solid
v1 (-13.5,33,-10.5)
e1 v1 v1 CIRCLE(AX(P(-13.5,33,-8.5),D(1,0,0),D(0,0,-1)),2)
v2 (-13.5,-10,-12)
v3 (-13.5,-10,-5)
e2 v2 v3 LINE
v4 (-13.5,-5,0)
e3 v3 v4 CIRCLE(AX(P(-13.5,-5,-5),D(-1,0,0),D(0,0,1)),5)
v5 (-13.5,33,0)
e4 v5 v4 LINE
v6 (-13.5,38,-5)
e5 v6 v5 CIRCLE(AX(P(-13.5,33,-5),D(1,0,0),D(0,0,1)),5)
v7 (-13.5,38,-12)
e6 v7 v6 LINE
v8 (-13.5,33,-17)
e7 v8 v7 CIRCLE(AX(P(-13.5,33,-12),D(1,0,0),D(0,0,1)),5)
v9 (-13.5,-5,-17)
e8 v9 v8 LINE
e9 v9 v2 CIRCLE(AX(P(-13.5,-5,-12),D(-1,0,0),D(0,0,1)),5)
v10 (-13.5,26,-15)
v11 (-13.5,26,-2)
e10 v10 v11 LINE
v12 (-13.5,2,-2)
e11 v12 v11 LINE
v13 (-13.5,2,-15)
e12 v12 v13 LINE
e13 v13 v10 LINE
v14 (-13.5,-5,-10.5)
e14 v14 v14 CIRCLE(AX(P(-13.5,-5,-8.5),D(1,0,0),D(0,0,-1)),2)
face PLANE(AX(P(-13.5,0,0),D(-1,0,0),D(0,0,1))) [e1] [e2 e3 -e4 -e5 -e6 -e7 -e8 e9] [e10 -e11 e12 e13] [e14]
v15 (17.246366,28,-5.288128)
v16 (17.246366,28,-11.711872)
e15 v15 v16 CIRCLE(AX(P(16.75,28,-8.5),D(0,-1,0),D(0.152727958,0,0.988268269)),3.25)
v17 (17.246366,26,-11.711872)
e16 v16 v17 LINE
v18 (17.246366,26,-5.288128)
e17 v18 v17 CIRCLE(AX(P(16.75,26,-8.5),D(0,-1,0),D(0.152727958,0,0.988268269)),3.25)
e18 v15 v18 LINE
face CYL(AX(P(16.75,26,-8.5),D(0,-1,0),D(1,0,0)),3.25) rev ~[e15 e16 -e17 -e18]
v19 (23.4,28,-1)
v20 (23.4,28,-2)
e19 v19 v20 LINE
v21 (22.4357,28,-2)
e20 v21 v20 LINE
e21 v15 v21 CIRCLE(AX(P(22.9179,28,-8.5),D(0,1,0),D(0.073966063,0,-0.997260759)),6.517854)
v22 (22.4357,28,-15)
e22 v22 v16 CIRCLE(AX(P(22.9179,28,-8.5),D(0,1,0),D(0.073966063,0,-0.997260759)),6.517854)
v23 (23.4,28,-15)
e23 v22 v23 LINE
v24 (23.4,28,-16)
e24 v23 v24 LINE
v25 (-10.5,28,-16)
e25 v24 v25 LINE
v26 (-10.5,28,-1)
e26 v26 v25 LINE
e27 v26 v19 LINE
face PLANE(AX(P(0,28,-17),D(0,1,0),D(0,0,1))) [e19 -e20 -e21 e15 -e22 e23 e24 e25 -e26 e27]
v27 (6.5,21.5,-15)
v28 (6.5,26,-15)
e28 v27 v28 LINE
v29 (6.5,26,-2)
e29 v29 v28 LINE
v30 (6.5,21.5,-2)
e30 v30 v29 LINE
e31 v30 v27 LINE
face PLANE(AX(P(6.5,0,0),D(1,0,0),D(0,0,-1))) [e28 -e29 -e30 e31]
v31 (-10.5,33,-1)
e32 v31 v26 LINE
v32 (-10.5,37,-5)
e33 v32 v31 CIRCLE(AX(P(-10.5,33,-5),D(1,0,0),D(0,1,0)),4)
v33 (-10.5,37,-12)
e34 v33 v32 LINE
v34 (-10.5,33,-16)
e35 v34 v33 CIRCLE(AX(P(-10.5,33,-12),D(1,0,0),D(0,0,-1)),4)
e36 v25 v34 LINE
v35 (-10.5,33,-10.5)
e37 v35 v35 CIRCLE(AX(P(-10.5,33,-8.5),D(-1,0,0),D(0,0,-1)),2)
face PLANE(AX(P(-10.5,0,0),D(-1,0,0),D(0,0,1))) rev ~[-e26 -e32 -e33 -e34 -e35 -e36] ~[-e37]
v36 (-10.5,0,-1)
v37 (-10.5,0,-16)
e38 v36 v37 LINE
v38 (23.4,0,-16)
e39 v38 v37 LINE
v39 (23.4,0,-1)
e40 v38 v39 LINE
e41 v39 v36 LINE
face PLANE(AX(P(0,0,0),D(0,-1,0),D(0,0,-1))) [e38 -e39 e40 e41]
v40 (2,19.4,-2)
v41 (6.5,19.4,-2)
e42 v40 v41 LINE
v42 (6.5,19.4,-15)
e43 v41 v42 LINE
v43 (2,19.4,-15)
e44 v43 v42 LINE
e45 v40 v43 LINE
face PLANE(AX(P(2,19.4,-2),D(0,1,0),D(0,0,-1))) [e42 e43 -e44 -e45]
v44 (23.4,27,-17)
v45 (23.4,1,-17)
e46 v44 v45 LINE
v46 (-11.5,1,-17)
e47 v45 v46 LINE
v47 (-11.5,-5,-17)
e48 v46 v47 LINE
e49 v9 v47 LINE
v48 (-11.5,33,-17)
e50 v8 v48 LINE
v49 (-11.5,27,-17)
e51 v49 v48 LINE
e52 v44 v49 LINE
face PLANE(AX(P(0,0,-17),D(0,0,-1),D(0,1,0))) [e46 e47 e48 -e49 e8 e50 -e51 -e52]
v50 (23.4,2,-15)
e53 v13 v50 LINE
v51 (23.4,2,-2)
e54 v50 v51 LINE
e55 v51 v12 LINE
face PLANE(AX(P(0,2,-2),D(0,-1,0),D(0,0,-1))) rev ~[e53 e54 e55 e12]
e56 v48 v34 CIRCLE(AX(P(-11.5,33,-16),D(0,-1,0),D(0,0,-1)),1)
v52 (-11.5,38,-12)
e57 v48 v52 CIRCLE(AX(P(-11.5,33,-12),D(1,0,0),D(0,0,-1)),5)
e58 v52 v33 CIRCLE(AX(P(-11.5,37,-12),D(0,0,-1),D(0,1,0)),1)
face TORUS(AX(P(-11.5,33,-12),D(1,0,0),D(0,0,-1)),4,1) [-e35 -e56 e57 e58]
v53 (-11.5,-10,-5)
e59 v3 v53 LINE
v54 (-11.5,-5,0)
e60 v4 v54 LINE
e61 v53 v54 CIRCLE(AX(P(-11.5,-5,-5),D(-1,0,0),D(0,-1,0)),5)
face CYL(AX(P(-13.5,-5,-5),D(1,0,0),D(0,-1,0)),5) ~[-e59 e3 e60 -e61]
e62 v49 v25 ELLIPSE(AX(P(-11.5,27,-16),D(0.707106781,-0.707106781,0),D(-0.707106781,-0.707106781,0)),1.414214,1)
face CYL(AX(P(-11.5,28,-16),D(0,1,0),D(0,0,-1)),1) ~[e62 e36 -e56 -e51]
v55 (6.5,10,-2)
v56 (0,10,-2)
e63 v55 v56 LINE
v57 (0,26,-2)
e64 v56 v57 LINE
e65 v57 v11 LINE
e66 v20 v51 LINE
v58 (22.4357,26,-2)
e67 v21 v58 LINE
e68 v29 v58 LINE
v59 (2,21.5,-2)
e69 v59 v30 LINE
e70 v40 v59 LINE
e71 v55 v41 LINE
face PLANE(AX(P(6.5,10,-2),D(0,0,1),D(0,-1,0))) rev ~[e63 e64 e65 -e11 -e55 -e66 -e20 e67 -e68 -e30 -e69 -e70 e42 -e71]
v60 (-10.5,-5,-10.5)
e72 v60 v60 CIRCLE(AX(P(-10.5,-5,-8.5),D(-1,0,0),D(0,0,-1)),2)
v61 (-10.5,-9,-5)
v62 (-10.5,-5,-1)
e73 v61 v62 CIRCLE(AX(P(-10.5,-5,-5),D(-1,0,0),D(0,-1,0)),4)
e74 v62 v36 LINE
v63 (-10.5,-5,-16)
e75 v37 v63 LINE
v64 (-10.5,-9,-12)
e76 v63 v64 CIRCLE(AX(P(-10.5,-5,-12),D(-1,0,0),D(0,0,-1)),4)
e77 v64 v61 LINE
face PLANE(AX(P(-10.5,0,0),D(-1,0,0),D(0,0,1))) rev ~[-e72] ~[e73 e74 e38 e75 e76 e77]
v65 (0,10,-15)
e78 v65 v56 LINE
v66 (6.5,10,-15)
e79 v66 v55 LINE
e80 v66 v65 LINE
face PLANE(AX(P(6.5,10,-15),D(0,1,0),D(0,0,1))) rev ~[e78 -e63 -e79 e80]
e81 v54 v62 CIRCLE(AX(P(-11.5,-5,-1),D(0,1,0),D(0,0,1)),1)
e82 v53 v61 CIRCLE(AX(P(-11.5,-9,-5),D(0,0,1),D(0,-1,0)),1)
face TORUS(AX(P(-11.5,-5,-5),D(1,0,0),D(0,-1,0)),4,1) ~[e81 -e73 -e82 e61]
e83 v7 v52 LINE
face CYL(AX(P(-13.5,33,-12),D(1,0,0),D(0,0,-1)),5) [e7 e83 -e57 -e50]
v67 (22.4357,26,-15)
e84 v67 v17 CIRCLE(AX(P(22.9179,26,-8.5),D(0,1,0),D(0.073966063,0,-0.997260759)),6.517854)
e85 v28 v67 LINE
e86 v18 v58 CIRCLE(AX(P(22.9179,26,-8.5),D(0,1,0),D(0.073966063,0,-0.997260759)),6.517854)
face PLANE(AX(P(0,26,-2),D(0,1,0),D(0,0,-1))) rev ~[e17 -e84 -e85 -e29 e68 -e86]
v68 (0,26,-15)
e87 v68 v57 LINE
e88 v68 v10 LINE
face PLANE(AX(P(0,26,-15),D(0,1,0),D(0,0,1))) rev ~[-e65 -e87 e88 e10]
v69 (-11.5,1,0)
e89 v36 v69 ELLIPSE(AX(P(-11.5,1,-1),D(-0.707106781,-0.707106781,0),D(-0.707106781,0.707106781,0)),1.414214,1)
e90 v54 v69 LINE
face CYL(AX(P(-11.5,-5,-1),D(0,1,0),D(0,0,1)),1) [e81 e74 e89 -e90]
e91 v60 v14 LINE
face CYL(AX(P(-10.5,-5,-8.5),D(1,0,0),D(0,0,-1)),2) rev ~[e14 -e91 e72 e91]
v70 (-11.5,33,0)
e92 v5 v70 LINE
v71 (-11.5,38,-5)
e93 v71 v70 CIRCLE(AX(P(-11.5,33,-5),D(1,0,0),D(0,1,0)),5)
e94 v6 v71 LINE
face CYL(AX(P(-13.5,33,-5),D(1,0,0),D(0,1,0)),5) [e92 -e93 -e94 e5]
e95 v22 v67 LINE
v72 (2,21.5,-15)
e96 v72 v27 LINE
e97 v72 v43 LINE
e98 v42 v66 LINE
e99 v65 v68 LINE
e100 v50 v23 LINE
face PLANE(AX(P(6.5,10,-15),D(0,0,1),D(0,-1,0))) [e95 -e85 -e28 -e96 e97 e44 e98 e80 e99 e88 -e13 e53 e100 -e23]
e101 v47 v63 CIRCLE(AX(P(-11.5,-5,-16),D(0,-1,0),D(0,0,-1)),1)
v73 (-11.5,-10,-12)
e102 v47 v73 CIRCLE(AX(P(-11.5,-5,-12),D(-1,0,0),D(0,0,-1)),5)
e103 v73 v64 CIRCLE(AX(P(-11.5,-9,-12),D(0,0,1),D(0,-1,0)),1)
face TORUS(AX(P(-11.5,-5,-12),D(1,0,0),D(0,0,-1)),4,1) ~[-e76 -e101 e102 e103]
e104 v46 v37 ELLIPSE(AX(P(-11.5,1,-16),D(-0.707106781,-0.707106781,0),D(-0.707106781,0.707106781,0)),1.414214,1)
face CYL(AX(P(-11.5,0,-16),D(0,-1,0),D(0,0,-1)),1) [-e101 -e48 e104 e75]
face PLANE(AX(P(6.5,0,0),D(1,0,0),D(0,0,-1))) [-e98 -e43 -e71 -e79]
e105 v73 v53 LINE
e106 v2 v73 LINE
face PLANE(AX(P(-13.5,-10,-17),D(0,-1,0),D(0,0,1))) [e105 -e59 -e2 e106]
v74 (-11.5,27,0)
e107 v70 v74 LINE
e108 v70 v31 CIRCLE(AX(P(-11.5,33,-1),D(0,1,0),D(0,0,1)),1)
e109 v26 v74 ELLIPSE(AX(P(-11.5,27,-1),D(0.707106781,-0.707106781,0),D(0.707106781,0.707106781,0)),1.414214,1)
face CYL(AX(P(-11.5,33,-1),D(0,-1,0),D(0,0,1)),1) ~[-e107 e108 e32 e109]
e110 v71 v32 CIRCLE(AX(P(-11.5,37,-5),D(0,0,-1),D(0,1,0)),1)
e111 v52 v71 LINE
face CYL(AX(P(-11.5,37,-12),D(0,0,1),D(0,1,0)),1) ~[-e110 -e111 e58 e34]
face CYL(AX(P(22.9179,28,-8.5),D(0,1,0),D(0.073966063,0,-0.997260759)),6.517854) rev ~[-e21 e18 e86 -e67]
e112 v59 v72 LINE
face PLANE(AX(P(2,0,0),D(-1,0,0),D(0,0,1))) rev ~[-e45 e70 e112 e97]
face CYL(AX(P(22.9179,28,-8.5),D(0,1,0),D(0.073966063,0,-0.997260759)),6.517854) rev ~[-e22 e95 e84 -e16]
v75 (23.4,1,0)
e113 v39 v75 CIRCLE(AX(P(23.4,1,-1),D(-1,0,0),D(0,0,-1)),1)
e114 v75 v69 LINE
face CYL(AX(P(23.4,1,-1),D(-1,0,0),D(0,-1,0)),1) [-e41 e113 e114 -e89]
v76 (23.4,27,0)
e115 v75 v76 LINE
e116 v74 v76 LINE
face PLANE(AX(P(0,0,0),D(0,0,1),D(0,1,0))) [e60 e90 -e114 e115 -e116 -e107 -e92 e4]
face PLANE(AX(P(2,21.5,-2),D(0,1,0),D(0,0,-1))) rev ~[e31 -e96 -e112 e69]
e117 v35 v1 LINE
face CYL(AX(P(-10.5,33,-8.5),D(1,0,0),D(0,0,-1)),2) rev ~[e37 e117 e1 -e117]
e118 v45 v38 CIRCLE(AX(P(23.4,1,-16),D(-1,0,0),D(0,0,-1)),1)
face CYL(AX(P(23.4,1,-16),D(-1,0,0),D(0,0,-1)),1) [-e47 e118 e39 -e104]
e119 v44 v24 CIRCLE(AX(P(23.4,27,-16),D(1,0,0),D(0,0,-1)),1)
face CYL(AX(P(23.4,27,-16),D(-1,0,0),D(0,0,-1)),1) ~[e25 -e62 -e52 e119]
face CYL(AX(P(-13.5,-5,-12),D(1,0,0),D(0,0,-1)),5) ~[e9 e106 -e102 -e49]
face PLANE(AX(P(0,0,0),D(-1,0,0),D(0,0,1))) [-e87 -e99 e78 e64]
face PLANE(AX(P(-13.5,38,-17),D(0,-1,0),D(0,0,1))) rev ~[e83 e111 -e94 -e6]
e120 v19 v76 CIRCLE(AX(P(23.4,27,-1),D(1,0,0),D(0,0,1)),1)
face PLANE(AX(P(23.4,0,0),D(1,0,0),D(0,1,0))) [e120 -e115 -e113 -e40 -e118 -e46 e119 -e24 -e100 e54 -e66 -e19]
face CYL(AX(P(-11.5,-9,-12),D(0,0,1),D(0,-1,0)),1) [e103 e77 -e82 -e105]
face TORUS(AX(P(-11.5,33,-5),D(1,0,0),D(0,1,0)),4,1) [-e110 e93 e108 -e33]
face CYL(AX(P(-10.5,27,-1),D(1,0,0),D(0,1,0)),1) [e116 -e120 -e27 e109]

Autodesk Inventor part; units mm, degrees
ref_plane "YZ Plane" through (0, 0, 0) normal (1, 0, 0) x (0, 1, 0)
ref_plane "XZ Plane" through (0, 0, 0) normal (0, 1, 0) x (-1, 0, 0)
ref_plane "XY Plane" through (0, 0, 0) normal (0, 0, 1) x (1, 0, 0)
sketch "Esquisse5" plane through (0, 0, 0) normal (1, 0, 0) x (0, 1, 0)
  line L0 (0, 0) -> (28, 0)
  line L1 (28, 0) -> (28, -17)
  line L2 (28, -17) -> (0, -17)
  line L3 (0, -17) -> (0, 0)
  line L4 (0, 0) -> (0, -2)
  line L5 (0, -2) -> (2, -2)
  line L6 (28, -17) -> (28, -15)
  line L7 (28, -15) -> (26, -15)
  line L8 (26, -15) -> (2, -15)
  line L9 (2, -15) -> (2, -2)
  line L10 (2, -2) -> (26, -2)
  line L11 (26, -2) -> (26, -15)
  dimension "d20" = 28
  dimension "d21" = 17
  dimension "d22" = 2
  dimension "d23" = 2
  dimension "d24" = 2
  dimension "d25" = 2
extrude "Extrusion4" add sketch "Esquisse5" along normal blind 23.4 contours L0 L1 L7 L11 L10 L5 L3 | L5 L9 L8 L7 L1 L2 L3
sketch "Esquisse6" plane through (0, 0, 0) normal (-1, 0, 0) x (0, 0, 1)
  line L0 (-15, 2) -> (-2, 2) projected
  line L1 (-2, 2) -> (-2, 26) projected
  line L2 (-15, 2) -> (-2, 2)
  line L3 (-2, 2) -> (-2, 26)
  line L4 (-2, 26) -> (-15, 26)
  line L5 (-15, 26) -> (-15, 2)
  point P0 (0, 0)
extrude "Extrusion5" add sketch "Esquisse6" against normal blind 2
sketch "Esquisse7" plane through (2, 0, 0) normal (1, 0, 0) x (0, 0, -1)
  line L0 (15, 2) -> (2, 2)
  line L1 (2, 2) -> (2, 19.4)
  line L2 (2, 2) -> (2, 26)
  line L3 (2, 19.4) -> (2, 21.5)
  line L4 (2, 21.5) -> (2, 26)
  line L5 (2, 21.5) -> (2, 26)
  line L6 (15, 2) -> (2, 2)
  line L7 (2, 2) -> (2, 19.4)
  line L8 (2, 19.4) -> (15, 19.4)
  line L9 (15, 19.4) -> (15, 2)
  line L10 (2, 26) -> (15, 26)
  line L11 (15, 26) -> (2, 26)
  line L12 (2, 26) -> (2, 21.5)
  line L13 (2, 21.5) -> (15, 21.5)
  line L14 (15, 21.5) -> (15, 26)
  point P0 (0, 0)
  dimension "d30" = 17.4
  dimension "d31" = 2.1
extrude "Extrusion6" add sketch "Esquisse7" along normal blind 4.5
sketch "Esquisse8" plane through (6.5, 0, 0) normal (1, 0, 0) x (0, 0, -1)
  line L0 (15, 26) -> (15, 2) projected
  line L1 (2, 2) -> (15, 2)
  line L2 (15, 2) -> (15, 10)
  line L3 (15, 10) -> (2, 10)
  line L4 (2, 10) -> (2, 2)
  point P0 (0, 0)
  dimension "d34" = 8
extrude "Extrusion7" cut sketch "Esquisse8" against normal up to next
sketch "Esquisse9" plane through (0, 28, 0) normal (0, 1, 0) x (1, 0, 0)
  line L0 (22.4357, 15) -> (23.4, 15)
  line L1 (22.4357, 2) -> (23.4, 2)
  arc A0 (23.4, 15) -> (23.4, 2) centre (22.9179, 8.5) ccw
  line L2 (23.4, 2) -> (23.4, 15)
  line L3 (23.4, 15) -> (23.4, 2)
  line L4 (23.4, 2) -> (23.4, 15) projected
  line L5 (23.4, 0) -> (23.4, 2)
  point P0 (0, 0)
extrude "Extrusion8" cut sketch "Esquisse9" against normal blind 4.5 contours L0 L2 L1 A0
sketch "Esquisse10" plane through (6.5, 26, -15) normal (0, -1, 0) x (1, 0, 0)
  line L0 (0, 13) -> (0, 0) projected
  line L1 (0, 6.5) -> (7, 6.5)
  line L2 (7, 6.5) -> (10.25, 6.5)
  circle A0 centre (10.25, 6.5) radius 3.25
  point P0 (-6.5, 15)
  dimension "d39" = 7
  dimension "d41" = 6.5
extrude "Extrusion9" cut sketch "Esquisse10" against normal up to next
sketch "Esquisse11" plane through (0, 0, 0) normal (-1, 0, 0) x (0, 0, 1)
  line L0 (-17, 28) -> (-15, 28) projected
  line L1 (0, 0) -> (-17, 0)
  line L2 (-17, 0) -> (-17, 28)
  line L3 (-17, 28) -> (0, 28)
  line L4 (0, 28) -> (0, 0)
  line L5 (-2, 2) -> (-2, 28) projected
  line L6 (-15, 26) -> (-15, 21.5) projected
  line L7 (-2, 2) -> (-15, 2)
  line L8 (-15, 2) -> (-15, 26)
  line L9 (-15, 26) -> (-2, 26)
  line L10 (-2, 26) -> (-2, 2)
extrude "Extrusion10" add sketch "Esquisse11" along normal blind 13.5
sketch "Esquisse12" plane through (-13.5, 0, 0) normal (-1, 0, 0) x (0, 0, 1)
  line L0 (0, 0) -> (-17, 0)
  line L1 (-17, 0) -> (-17, -10)
  line L2 (-17, -10) -> (0, -10)
  line L3 (0, -10) -> (0, 0)
  line L4 (0, 28) -> (0, 0) projected
  line L5 (0, 28) -> (-17, 28)
  line L6 (-17, 28) -> (-17, 38)
  line L7 (-17, 38) -> (0, 38)
  line L8 (0, 38) -> (0, 28)
  dimension "d46" = 17
  dimension "d47" = 10
  dimension "d50" = 17
  dimension "d51" = 10
extrude "Extrusion11" add sketch "Esquisse12" against normal blind 3
fillet "Congé1" radius 5 1 edges at (-12, 38, -17)
fillet "Congé2" radius 5 3 edges at (-12, 38, 0) (-12, -10, -17) (-12, -10, 0)
sketch "Esquisse13" plane through (-10.5, 0, 0) normal (1, 0, 0) x (0, 0, -1)
  line L0 (5, -10) -> (12, -10) projected
  line L1 (8.5, -10) -> (8.5, -5)
  line L2 (8.5, -5) -> (8.5, 33)
  circle A0 centre (8.5, -5) radius 2
  circle A1 centre (8.5, 33) radius 2
  point P0 (0, 0)
  dimension "d54" = 5
  dimension "d55" = 38
  dimension "d56" = 4
  dimension "d57" = 4
extrude "Extrusion12" cut sketch "Esquisse13" against normal up to next
fillet "Congé3" radius 1 14 edges at (6.45, 28, -17) (6.45, 0, -17) (6.45, 0, 0) (6.45, 28, 0) (-10.5, 36.5355, -15.5355) (-10.5, 38, -8.5) (-10.5, 36.5355, -1.4645) (-10.5, 30.5, 0) (-10.5, 30.5, -17) (-10.5, -8.5355, -15.5355) (-10.5, -10, -8.5) (-10.5, -8.5355, -1.4645) (-10.5, -2.5, 0) (-10.5, -2.5, -17)
properties part number "Support bas servomoteur"
